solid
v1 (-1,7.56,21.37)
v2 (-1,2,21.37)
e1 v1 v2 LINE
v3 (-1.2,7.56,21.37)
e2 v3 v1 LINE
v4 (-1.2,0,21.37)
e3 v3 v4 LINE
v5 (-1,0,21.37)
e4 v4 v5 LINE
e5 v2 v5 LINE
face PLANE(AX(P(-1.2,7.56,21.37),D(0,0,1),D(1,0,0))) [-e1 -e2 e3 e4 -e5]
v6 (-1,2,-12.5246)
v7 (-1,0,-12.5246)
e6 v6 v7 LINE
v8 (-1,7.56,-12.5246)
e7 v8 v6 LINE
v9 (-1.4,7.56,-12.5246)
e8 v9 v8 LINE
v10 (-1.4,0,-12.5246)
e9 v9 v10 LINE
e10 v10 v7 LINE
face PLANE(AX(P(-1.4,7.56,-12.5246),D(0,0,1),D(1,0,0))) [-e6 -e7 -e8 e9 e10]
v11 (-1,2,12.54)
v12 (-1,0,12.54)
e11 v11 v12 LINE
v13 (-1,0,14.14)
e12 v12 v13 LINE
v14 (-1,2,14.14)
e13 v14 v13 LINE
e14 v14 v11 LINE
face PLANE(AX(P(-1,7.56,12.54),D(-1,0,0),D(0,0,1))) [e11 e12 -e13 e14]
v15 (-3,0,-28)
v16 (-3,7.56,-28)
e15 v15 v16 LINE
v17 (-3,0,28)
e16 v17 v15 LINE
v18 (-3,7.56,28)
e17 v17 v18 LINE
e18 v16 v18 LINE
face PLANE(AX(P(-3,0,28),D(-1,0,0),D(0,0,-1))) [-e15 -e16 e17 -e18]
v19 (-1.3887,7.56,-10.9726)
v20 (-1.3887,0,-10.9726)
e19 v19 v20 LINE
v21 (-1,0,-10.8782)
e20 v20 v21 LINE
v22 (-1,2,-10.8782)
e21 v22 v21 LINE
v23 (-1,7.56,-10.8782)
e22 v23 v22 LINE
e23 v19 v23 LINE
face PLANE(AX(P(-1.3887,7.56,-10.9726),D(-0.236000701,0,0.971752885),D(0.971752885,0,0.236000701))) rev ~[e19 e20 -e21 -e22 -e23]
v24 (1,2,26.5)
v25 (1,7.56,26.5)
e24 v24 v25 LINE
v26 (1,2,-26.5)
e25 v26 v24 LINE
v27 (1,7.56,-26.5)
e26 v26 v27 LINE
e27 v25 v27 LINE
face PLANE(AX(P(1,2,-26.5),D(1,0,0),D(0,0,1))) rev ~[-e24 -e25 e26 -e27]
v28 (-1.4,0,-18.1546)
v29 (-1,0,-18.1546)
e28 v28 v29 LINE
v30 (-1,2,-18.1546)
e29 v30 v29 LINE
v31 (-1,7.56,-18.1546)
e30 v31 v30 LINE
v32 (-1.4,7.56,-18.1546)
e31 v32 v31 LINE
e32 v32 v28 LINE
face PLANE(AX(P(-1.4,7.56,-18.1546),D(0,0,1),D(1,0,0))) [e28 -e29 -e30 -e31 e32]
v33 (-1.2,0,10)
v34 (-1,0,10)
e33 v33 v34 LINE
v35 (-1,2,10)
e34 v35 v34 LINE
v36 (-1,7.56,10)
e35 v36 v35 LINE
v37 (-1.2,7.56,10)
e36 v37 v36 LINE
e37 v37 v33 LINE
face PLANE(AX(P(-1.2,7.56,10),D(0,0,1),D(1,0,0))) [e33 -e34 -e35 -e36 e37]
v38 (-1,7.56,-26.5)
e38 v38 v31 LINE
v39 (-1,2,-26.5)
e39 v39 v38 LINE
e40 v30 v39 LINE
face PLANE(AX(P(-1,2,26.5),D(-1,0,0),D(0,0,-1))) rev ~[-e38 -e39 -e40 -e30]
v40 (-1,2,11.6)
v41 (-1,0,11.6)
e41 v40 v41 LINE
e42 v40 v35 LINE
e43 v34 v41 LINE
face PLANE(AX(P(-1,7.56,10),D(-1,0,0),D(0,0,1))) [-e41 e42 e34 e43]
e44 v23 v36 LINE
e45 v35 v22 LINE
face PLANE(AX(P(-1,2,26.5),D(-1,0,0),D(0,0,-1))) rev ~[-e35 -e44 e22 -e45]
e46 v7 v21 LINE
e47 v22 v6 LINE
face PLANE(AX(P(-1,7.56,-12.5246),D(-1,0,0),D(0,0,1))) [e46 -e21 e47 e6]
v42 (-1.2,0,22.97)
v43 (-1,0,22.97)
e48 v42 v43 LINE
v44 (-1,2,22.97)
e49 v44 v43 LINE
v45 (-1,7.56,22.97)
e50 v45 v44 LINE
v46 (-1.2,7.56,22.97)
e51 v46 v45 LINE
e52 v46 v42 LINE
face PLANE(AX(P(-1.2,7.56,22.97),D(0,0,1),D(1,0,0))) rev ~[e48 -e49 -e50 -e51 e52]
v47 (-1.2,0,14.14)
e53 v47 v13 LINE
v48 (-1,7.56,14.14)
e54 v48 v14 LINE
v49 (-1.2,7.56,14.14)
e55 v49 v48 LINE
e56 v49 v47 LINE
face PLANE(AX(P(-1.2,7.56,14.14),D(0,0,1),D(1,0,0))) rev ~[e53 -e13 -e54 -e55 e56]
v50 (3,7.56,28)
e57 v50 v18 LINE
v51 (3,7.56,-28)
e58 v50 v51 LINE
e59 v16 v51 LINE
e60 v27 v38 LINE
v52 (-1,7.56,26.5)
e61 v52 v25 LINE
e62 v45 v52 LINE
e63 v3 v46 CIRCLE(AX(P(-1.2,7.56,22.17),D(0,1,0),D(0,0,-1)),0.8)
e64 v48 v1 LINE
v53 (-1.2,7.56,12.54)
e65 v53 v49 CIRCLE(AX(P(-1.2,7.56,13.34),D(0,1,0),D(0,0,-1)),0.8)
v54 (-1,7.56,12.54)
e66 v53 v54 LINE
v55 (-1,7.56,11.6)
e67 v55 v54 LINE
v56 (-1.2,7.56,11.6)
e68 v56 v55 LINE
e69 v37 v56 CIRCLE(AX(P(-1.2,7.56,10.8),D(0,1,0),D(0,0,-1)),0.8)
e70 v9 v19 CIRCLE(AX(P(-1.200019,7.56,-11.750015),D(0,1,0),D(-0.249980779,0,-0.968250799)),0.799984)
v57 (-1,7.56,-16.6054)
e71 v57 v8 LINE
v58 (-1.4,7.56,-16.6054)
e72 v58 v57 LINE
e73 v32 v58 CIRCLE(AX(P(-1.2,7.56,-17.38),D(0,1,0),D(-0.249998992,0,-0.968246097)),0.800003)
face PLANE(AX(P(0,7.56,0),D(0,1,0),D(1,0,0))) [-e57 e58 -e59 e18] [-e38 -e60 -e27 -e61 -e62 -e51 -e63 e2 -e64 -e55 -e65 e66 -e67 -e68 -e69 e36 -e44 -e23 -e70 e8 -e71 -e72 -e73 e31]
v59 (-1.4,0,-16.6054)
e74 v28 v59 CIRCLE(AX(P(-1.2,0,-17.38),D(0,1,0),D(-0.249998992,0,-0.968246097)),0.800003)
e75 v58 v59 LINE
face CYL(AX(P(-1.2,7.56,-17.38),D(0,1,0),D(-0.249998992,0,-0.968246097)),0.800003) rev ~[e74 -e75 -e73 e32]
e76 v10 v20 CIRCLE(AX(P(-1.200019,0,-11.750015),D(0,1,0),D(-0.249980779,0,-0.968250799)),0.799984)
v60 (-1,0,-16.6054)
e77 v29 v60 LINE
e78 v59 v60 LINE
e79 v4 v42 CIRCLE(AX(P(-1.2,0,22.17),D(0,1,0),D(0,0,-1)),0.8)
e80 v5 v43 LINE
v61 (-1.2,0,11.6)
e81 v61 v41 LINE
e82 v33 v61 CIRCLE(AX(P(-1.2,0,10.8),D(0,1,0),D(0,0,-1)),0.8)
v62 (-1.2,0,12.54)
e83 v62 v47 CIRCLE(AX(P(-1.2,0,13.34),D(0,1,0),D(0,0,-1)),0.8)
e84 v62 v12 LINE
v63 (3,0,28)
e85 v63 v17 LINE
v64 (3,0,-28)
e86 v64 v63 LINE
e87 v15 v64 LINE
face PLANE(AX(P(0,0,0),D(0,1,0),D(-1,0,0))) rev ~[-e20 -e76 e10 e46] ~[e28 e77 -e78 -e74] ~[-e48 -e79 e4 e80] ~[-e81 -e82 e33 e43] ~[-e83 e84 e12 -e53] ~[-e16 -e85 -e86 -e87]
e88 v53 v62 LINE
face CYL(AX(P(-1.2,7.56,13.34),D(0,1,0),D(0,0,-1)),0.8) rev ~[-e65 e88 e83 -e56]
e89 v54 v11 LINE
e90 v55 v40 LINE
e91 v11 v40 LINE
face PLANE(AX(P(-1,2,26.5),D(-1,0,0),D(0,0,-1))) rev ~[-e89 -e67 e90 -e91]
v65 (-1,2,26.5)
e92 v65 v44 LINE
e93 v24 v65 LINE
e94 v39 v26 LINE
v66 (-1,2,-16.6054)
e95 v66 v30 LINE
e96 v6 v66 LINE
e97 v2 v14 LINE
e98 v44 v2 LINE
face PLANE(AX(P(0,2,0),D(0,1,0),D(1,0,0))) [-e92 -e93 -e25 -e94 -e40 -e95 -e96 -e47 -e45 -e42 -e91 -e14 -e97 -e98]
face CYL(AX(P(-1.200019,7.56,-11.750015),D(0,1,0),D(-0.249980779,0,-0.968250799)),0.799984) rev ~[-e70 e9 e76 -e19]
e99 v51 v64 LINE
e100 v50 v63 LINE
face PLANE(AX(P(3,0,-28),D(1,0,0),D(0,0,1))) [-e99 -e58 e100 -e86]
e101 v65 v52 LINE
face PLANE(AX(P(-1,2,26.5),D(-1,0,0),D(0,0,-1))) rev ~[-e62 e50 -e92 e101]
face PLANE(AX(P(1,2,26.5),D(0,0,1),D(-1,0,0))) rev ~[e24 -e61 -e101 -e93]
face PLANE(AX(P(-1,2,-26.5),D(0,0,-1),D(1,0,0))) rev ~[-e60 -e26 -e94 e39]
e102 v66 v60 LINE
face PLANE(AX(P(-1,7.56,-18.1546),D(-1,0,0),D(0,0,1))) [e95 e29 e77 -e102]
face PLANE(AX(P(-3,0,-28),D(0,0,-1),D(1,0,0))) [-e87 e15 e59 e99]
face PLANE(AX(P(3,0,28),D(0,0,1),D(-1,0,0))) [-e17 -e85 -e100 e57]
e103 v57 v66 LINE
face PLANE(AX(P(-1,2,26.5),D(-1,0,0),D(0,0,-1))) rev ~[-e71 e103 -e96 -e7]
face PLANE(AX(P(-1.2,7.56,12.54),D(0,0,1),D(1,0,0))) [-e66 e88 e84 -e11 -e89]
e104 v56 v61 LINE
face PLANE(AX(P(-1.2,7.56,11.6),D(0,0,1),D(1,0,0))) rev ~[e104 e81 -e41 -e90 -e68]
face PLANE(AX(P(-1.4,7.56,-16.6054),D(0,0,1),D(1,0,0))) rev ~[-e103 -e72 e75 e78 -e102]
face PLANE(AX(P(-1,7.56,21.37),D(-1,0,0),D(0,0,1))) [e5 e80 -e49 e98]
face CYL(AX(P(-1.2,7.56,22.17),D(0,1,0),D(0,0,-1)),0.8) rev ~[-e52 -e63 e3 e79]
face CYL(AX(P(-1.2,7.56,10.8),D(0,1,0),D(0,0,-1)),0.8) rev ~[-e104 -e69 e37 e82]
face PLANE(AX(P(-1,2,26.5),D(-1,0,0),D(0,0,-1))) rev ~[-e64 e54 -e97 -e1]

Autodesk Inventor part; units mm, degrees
ref_plane "YZ Plane" through (0, 0, 0) normal (1, 0, 0) x (0, 1, 0)
ref_plane "XZ Plane" through (0, 0, 0) normal (0, 1, 0) x (-1, 0, 0)
ref_plane "XY Plane" through (0, 0, 0) normal (0, 0, 1) x (1, 0, 0)
sketch "Sketch1" plane through (0, 0, 0) normal (0, 1, 0) x (-1, 0, 0)
  line L0 (3, -28) -> (-3, -28)
  line L1 (-3, -28) -> (-3, 28)
  line L2 (-3, 28) -> (3, 28)
  line L3 (3, 28) -> (3, -28)
  point P0 (0, 0)
  point P1 (0, -28)
  point P2 (3, 0)
  dimension "d0" = 56
  dimension "d1" = 6
extrude "Extrusion1" add sketch "Sketch1" along normal blind 2
sketch "Sketch6" plane through (0, 2, 0) normal (0, 1, 0) x (1, 0, 0)
  line L0 (-3, 28) -> (-3, -28) projected
  line L1 (3, -28) -> (3, 28) projected
  line L2 (-3, 28) -> (3, 28)
  line L3 (3, 28) -> (3, -28)
  line L4 (3, -28) -> (-3, -28)
  line L5 (-3, -28) -> (-3, 28)
  point P0 (0, 0)
extrude "Extrusion6" add sketch "Sketch6" along normal blind 5.56
sketch "Sketch4" plane through (0, 2, 0) normal (0, 1, 0) x (1, 0, 0)
  line L0 (-1, 26.5) -> (1, 26.5)
  line L1 (1, 26.5) -> (1, -26.5)
  line L2 (1, -26.5) -> (-1, -26.5)
  line L3 (-1, -26.5) -> (-1, 26.5)
  point P0 (0, 0)
  point P1 (0, 26.5)
  point P2 (-1, 0)
  dimension "d10" = 2
  dimension "d11" = 53
extrude "Extrusion4" cut sketch "Sketch4" along normal through all
sketch "Sketch5" plane through (0, 7.56, 0) normal (0, 1, 0) x (1, 0, 0)
  arc A0 (-1.4, 18.1546) -> (-1.4, 16.6054) centre (-1.2, 17.38) ccw
  line L0 (-1, 26.5) -> (-1, -26.5) projected
  line L1 (1, 26.5) -> (-1, 26.5) projected
  arc A1 (-1.4, 12.5246) -> (-1.3887, 10.9726) centre (-1.2, 11.75) ccw
  arc A2 (-1.2, -21.37) -> (-1.2, -22.97) centre (-1.2, -22.17) ccw
  arc A3 (-1.2, -12.54) -> (-1.2, -14.14) centre (-1.2, -13.34) ccw
  arc A4 (-1.2, -10) -> (-1.2, -11.6) centre (-1.2, -10.8) ccw
  line L2 (-1, -26.5) -> (1, -26.5) projected
  line L3 (-1.4, 18.1546) -> (-1, 18.1546)
  line L4 (-1.4, 16.6054) -> (-1, 16.6054)
  line L5 (-1.4, 12.5246) -> (-1, 12.5246)
  line L6 (-1.3887, 10.9726) -> (-1, 10.8782)
  line L7 (-1.2, -10) -> (-1, -10)
  line L8 (-1.2, -11.6) -> (-1, -11.6)
  line L9 (-1.2, -12.54) -> (-1, -12.54)
  line L10 (-1.2, -14.14) -> (-1, -14.14)
  line L11 (-1.2, -21.37) -> (-1, -21.37)
  line L12 (-1.2, -22.97) -> (-1, -22.97)
  line L13 (-1, -26.5) -> (-1, 26.5) projected
  line L14 (-1, 26.5) -> (1, 26.5) projected
  line L15 (1, 26.5) -> (1, -26.5) projected
  line L16 (1, -26.5) -> (-1, -26.5) projected
  line L17 (-3, 28) -> (-3, -28) projected
  line L18 (-3, -28) -> (3, -28) projected
  line L19 (3, -28) -> (3, 28) projected
  line L20 (3, 28) -> (-3, 28) projected
  point P0 (0, 0)
  dimension "d14" = 1.6
  dimension "d15" = 0.2
  dimension "d16" = 9.12
  dimension "d17" = 1.6
  dimension "d18" = 14.75
  dimension "d19" = 1.6
  dimension "d20" = 1.6
  dimension "d21" = 1.6
  dimension "d22" = 4.33
  dimension "d23" = 13.16
  dimension "d24" = 15.7
  dimension "d29" = 0.4
  dimension "d30" = 0.4
  dimension "d31" = 0.4
  dimension "d32" = 0.4
extrude "Extrusion5" cut sketch "Sketch5" against normal through all contours L3 L0 L4 A0 | L0 L6 A1 L5 | L0 L8 A4 L7 | L12 A2 L11 L0 | L0 L10 A3 L9
equation "\"d30\" = d29"
properties part number "Microbit Breakout - New"
